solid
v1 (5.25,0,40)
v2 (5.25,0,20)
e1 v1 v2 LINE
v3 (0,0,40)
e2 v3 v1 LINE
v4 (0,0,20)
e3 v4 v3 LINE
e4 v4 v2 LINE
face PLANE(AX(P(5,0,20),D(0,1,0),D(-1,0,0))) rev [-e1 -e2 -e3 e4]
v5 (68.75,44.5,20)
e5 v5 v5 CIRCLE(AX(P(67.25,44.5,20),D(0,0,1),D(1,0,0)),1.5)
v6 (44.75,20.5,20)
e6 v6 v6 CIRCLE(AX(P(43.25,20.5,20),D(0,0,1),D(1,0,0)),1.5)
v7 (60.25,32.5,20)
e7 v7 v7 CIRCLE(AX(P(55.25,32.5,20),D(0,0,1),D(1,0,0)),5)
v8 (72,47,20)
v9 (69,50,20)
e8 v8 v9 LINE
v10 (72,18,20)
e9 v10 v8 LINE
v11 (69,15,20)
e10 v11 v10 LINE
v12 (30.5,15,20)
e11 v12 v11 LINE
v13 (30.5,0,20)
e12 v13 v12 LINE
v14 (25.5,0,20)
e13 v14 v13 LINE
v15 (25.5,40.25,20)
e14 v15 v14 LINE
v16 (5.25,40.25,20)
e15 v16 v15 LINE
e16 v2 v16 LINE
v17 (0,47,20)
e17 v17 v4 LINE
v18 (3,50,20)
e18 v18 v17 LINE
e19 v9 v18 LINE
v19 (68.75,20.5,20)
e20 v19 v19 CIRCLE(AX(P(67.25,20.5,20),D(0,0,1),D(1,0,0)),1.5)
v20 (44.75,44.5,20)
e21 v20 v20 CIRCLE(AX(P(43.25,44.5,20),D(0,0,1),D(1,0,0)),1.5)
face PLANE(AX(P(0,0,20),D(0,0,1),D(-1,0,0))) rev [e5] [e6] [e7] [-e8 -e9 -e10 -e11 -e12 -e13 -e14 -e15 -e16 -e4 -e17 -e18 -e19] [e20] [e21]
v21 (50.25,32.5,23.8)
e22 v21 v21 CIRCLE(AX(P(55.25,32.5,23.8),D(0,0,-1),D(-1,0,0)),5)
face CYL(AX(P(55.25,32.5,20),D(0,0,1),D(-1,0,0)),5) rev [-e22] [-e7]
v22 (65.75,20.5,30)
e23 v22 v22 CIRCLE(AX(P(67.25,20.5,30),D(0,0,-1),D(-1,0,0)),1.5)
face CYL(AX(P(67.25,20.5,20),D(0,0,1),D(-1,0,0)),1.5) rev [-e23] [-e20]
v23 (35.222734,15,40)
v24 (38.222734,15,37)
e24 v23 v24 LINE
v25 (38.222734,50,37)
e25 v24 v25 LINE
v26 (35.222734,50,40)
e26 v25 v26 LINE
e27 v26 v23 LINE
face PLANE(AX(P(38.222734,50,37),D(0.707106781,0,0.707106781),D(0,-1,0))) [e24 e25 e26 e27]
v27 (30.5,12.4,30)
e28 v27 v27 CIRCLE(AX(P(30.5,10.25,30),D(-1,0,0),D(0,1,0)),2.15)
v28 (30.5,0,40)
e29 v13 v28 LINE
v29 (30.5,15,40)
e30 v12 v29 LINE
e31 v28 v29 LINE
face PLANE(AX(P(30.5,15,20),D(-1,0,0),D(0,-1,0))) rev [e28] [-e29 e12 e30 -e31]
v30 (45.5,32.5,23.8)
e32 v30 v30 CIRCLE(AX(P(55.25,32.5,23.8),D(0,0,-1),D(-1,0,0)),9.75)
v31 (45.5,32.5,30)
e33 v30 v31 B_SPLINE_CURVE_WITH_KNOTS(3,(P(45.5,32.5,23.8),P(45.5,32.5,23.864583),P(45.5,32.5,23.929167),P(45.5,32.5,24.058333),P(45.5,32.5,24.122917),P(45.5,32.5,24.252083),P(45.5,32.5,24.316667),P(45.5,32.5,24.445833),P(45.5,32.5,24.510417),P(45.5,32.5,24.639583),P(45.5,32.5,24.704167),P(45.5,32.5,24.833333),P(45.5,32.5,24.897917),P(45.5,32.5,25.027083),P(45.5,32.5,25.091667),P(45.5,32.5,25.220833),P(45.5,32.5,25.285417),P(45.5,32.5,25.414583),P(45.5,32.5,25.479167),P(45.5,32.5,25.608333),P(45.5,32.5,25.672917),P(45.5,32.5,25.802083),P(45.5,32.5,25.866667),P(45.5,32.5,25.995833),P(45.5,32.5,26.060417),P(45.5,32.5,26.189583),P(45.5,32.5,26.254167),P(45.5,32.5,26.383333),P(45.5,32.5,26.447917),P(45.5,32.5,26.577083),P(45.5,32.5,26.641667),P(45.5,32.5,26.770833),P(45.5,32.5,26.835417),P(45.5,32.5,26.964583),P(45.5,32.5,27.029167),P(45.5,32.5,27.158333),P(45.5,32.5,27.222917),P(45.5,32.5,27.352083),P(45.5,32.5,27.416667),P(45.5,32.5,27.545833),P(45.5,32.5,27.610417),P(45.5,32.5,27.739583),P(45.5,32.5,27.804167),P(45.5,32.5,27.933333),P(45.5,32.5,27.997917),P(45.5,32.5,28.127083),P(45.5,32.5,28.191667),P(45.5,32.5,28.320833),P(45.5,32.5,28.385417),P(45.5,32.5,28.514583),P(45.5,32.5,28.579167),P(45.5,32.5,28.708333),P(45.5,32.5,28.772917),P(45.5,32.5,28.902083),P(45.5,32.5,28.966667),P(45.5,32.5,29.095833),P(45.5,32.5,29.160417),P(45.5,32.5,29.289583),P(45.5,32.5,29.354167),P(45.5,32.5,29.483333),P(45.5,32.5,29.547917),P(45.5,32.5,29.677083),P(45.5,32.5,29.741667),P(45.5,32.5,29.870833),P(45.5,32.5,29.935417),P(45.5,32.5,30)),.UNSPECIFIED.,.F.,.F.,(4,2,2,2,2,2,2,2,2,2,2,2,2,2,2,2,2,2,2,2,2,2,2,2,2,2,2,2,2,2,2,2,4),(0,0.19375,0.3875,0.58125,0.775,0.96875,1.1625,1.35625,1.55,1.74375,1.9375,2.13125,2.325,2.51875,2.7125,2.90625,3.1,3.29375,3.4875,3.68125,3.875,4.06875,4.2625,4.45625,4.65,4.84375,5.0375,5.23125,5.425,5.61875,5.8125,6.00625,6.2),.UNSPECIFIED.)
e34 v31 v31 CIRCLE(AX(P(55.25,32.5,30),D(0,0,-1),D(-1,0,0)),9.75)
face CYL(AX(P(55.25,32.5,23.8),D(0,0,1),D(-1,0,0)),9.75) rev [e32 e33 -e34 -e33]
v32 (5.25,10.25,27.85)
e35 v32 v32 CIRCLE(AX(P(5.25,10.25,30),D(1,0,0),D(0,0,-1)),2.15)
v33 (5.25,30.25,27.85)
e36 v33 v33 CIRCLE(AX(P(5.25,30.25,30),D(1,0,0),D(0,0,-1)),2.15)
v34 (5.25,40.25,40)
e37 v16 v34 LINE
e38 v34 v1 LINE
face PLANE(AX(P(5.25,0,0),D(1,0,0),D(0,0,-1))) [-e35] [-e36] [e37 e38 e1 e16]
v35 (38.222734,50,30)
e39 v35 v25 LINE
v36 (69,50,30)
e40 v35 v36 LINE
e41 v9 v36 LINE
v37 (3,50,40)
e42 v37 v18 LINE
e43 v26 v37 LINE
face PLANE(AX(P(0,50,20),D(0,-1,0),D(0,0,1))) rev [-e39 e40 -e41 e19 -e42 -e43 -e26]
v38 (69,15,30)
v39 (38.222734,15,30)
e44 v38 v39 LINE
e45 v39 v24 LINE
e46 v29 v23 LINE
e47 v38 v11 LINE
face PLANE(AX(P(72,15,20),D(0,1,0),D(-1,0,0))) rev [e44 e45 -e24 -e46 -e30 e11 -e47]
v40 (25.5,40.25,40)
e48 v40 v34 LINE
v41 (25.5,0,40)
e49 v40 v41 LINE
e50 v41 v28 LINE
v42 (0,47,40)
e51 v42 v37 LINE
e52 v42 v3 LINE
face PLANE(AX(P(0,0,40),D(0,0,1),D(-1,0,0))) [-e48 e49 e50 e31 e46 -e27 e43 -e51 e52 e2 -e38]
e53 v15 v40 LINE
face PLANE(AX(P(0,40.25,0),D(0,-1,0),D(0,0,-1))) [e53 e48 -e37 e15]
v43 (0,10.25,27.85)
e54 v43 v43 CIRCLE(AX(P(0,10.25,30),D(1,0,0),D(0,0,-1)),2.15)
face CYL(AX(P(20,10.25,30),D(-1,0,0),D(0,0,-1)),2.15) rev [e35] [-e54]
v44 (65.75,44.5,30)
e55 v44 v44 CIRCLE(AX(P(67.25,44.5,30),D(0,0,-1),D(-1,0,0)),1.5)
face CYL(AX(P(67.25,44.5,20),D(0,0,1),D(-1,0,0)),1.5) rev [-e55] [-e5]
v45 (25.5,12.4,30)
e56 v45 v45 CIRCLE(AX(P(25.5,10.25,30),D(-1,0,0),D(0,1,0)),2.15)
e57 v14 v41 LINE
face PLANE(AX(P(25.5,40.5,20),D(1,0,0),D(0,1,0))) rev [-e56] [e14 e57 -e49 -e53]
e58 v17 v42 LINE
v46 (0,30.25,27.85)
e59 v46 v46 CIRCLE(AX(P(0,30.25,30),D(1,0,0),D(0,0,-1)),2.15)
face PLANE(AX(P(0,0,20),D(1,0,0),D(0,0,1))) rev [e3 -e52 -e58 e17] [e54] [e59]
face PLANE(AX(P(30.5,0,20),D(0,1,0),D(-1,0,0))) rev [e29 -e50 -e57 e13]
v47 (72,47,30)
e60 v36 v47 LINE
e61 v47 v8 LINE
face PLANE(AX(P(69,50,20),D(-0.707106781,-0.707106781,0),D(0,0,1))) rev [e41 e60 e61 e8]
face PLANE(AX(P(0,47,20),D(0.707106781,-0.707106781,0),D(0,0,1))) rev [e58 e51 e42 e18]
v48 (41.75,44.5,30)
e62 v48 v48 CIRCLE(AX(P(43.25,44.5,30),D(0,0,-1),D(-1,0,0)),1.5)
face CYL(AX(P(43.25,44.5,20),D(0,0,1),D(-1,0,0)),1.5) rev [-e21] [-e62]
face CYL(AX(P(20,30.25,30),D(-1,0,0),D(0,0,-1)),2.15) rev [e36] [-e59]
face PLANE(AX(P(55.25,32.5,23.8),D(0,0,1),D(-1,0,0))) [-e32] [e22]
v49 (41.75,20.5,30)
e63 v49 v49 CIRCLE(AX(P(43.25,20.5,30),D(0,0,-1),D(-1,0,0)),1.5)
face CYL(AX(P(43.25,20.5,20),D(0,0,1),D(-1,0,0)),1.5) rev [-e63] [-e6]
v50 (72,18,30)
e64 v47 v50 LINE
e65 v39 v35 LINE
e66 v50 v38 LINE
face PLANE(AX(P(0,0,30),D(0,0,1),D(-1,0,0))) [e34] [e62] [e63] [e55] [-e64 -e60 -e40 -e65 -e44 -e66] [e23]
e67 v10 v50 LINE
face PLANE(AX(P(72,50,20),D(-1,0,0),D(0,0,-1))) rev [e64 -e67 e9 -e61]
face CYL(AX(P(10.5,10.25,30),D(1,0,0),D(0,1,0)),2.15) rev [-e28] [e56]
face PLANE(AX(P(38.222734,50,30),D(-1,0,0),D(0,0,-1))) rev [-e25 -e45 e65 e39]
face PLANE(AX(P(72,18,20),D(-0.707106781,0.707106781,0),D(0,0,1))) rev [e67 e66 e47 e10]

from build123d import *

# Parameters (mm, degrees)
SKETCH_5_R          = 5
SKETCH_5_R_2        = 1.5
EXTRUDE_1_DEPTH     = 20
SKETCH_6_R          = 2.15
CUT_EXTRUDE_3_DEPTH = 20
CUT_EXTRUDE_START   = -20
SKETCH_7_R          = 2.15
CUT_EXTRUDE_4_DEPTH = 20
SKETCH_8_W          = 33.77726644
SKETCH_8_H          = 35
CUT_EXTRUDE_5_DEPTH = 10
SKETCH_9_R          = 9.75
CUT_EXTRUDE_6_DEPTH = 6.2
CHAMFER_1_SIZE      = 3
SKETCH_12_W         = 110.408141216
SKETCH_12_H         = 73.303439967
CUT_EXTRUDE_8_DEPTH = 20
SKETCH_13_W         = 20.5
SKETCH_13_H         = 20
EXTRUDE_2_DEPTH     = 0.25
SKETCH_14_W         = 20
SKETCH_14_H         = 40.25
SKETCH_14_R         = 2.15
EXTRUDE_3_DEPTH     = 0.25


with BuildPart() as part:
    # 草图5 → 凸台-拉伸1 (new body)
    with BuildSketch(Plane.XY):
        Polygon((0, 0), (0, 50), (72, 50), (72, 15), (30.5, 15), (30.5, 0), (25.5, 0), (25.5, 40.5), (5, 40.5), (5, 0), align=None)
        with Locations((55.25, 32.5)):
            Circle(SKETCH_5_R, mode=Mode.SUBTRACT)
        with Locations((43.25, 44.5)):
            Circle(SKETCH_5_R_2, mode=Mode.SUBTRACT)
        with Locations((67.25, 44.5)):
            Circle(SKETCH_5_R_2, mode=Mode.SUBTRACT)
        with Locations((43.25, 20.5)):
            Circle(SKETCH_5_R_2, mode=Mode.SUBTRACT)
        with Locations((67.25, 20.5)):
            Circle(SKETCH_5_R_2, mode=Mode.SUBTRACT)
    extrude(amount=EXTRUDE_1_DEPTH)

    # 草图6 → 切除-拉伸3 (cut)
    with BuildSketch(Plane.ZY):
        with Locations((10, 10.25)):
            Circle(SKETCH_6_R)
        with Locations((10, 30.25)):
            Circle(SKETCH_6_R)
    extrude(amount=-CUT_EXTRUDE_3_DEPTH, mode=Mode.SUBTRACT)

    # 草图7 → 切除-拉伸4 (cut)
    with BuildSketch(Plane(origin=(30.5, 0, 0), x_dir=(0, 0, -1), z_dir=(1, 0, 0)).offset(CUT_EXTRUDE_START)):
        with Locations(Location((-10, 10.25, 0), (0, 0, 180))):
            Circle(SKETCH_7_R)
    extrude(amount=CUT_EXTRUDE_4_DEPTH, mode=Mode.SUBTRACT)

    # 草图8 → 切除-拉伸5 (cut)
    with BuildSketch(Plane(origin=(0, 0, 0), x_dir=(-1, 0, 0), z_dir=(0, 0, -1))):
        with Locations((-55.11136678, 32.5)):
            Rectangle(SKETCH_8_W, SKETCH_8_H)
    extrude(amount=-CUT_EXTRUDE_5_DEPTH, mode=Mode.SUBTRACT)

    # 草图9 → 切除-拉伸6 (cut)
    with BuildSketch(Plane(origin=(0, 0, 10), x_dir=(-1, 0, 0), z_dir=(0, 0, -1))):
        with Locations((-55.25, 32.5)):
            Circle(SKETCH_9_R)
    extrude(amount=-CUT_EXTRUDE_6_DEPTH, mode=Mode.SUBTRACT)

    # 倒角1
    chamfer_1_edges = [part.edges().sort_by_distance(p)[0] for p in [
        (0, 50, 10),
        (72, 50, 15),
        (72, 15, 15),
        (38.22273356, 32.5, 0),
    ]]
    chamfer(chamfer_1_edges, length=CHAMFER_1_SIZE)


with BuildPart() as body_2:
    # 镜向1: mirrored copy
    add(part.part.mirror(Plane(origin=(0, 0, 20), x_dir=(1, 0, 0), z_dir=(0, 0, -1))))

    # 草图13 → 凸台-拉伸2 (add)
    with BuildSketch(Plane.XZ.offset(-40.5)):
        with Locations((15.25, 30)):
            Rectangle(SKETCH_13_W, SKETCH_13_H)
    extrude(amount=EXTRUDE_2_DEPTH)

    # 草图14 → 凸台-拉伸3 (add)
    with BuildSketch(Plane(origin=(5, 0, 0), x_dir=(0, 0, -1), z_dir=(1, 0, 0))):
        with Locations((-30, 20.125)):
            Rectangle(SKETCH_14_W, SKETCH_14_H)
        with Locations((-30, 10.25)):
            Circle(SKETCH_14_R, mode=Mode.SUBTRACT)
        with Locations((-30, 30.25)):
            Circle(SKETCH_14_R, mode=Mode.SUBTRACT)
    extrude(amount=EXTRUDE_3_DEPTH)


with BuildPart() as part_1:
    add(part.part)

    # 草图12 → 切除-拉伸8 (cut)
    with BuildSketch(Plane(origin=(0, 0, 0), x_dir=(-1, 0, 0), z_dir=(0, 0, -1))):
        with Locations((-31.097159048, 24.893638624)):
            Rectangle(SKETCH_12_W, SKETCH_12_H)
    extrude(amount=-CUT_EXTRUDE_8_DEPTH, mode=Mode.SUBTRACT)


solid = body_2.part
